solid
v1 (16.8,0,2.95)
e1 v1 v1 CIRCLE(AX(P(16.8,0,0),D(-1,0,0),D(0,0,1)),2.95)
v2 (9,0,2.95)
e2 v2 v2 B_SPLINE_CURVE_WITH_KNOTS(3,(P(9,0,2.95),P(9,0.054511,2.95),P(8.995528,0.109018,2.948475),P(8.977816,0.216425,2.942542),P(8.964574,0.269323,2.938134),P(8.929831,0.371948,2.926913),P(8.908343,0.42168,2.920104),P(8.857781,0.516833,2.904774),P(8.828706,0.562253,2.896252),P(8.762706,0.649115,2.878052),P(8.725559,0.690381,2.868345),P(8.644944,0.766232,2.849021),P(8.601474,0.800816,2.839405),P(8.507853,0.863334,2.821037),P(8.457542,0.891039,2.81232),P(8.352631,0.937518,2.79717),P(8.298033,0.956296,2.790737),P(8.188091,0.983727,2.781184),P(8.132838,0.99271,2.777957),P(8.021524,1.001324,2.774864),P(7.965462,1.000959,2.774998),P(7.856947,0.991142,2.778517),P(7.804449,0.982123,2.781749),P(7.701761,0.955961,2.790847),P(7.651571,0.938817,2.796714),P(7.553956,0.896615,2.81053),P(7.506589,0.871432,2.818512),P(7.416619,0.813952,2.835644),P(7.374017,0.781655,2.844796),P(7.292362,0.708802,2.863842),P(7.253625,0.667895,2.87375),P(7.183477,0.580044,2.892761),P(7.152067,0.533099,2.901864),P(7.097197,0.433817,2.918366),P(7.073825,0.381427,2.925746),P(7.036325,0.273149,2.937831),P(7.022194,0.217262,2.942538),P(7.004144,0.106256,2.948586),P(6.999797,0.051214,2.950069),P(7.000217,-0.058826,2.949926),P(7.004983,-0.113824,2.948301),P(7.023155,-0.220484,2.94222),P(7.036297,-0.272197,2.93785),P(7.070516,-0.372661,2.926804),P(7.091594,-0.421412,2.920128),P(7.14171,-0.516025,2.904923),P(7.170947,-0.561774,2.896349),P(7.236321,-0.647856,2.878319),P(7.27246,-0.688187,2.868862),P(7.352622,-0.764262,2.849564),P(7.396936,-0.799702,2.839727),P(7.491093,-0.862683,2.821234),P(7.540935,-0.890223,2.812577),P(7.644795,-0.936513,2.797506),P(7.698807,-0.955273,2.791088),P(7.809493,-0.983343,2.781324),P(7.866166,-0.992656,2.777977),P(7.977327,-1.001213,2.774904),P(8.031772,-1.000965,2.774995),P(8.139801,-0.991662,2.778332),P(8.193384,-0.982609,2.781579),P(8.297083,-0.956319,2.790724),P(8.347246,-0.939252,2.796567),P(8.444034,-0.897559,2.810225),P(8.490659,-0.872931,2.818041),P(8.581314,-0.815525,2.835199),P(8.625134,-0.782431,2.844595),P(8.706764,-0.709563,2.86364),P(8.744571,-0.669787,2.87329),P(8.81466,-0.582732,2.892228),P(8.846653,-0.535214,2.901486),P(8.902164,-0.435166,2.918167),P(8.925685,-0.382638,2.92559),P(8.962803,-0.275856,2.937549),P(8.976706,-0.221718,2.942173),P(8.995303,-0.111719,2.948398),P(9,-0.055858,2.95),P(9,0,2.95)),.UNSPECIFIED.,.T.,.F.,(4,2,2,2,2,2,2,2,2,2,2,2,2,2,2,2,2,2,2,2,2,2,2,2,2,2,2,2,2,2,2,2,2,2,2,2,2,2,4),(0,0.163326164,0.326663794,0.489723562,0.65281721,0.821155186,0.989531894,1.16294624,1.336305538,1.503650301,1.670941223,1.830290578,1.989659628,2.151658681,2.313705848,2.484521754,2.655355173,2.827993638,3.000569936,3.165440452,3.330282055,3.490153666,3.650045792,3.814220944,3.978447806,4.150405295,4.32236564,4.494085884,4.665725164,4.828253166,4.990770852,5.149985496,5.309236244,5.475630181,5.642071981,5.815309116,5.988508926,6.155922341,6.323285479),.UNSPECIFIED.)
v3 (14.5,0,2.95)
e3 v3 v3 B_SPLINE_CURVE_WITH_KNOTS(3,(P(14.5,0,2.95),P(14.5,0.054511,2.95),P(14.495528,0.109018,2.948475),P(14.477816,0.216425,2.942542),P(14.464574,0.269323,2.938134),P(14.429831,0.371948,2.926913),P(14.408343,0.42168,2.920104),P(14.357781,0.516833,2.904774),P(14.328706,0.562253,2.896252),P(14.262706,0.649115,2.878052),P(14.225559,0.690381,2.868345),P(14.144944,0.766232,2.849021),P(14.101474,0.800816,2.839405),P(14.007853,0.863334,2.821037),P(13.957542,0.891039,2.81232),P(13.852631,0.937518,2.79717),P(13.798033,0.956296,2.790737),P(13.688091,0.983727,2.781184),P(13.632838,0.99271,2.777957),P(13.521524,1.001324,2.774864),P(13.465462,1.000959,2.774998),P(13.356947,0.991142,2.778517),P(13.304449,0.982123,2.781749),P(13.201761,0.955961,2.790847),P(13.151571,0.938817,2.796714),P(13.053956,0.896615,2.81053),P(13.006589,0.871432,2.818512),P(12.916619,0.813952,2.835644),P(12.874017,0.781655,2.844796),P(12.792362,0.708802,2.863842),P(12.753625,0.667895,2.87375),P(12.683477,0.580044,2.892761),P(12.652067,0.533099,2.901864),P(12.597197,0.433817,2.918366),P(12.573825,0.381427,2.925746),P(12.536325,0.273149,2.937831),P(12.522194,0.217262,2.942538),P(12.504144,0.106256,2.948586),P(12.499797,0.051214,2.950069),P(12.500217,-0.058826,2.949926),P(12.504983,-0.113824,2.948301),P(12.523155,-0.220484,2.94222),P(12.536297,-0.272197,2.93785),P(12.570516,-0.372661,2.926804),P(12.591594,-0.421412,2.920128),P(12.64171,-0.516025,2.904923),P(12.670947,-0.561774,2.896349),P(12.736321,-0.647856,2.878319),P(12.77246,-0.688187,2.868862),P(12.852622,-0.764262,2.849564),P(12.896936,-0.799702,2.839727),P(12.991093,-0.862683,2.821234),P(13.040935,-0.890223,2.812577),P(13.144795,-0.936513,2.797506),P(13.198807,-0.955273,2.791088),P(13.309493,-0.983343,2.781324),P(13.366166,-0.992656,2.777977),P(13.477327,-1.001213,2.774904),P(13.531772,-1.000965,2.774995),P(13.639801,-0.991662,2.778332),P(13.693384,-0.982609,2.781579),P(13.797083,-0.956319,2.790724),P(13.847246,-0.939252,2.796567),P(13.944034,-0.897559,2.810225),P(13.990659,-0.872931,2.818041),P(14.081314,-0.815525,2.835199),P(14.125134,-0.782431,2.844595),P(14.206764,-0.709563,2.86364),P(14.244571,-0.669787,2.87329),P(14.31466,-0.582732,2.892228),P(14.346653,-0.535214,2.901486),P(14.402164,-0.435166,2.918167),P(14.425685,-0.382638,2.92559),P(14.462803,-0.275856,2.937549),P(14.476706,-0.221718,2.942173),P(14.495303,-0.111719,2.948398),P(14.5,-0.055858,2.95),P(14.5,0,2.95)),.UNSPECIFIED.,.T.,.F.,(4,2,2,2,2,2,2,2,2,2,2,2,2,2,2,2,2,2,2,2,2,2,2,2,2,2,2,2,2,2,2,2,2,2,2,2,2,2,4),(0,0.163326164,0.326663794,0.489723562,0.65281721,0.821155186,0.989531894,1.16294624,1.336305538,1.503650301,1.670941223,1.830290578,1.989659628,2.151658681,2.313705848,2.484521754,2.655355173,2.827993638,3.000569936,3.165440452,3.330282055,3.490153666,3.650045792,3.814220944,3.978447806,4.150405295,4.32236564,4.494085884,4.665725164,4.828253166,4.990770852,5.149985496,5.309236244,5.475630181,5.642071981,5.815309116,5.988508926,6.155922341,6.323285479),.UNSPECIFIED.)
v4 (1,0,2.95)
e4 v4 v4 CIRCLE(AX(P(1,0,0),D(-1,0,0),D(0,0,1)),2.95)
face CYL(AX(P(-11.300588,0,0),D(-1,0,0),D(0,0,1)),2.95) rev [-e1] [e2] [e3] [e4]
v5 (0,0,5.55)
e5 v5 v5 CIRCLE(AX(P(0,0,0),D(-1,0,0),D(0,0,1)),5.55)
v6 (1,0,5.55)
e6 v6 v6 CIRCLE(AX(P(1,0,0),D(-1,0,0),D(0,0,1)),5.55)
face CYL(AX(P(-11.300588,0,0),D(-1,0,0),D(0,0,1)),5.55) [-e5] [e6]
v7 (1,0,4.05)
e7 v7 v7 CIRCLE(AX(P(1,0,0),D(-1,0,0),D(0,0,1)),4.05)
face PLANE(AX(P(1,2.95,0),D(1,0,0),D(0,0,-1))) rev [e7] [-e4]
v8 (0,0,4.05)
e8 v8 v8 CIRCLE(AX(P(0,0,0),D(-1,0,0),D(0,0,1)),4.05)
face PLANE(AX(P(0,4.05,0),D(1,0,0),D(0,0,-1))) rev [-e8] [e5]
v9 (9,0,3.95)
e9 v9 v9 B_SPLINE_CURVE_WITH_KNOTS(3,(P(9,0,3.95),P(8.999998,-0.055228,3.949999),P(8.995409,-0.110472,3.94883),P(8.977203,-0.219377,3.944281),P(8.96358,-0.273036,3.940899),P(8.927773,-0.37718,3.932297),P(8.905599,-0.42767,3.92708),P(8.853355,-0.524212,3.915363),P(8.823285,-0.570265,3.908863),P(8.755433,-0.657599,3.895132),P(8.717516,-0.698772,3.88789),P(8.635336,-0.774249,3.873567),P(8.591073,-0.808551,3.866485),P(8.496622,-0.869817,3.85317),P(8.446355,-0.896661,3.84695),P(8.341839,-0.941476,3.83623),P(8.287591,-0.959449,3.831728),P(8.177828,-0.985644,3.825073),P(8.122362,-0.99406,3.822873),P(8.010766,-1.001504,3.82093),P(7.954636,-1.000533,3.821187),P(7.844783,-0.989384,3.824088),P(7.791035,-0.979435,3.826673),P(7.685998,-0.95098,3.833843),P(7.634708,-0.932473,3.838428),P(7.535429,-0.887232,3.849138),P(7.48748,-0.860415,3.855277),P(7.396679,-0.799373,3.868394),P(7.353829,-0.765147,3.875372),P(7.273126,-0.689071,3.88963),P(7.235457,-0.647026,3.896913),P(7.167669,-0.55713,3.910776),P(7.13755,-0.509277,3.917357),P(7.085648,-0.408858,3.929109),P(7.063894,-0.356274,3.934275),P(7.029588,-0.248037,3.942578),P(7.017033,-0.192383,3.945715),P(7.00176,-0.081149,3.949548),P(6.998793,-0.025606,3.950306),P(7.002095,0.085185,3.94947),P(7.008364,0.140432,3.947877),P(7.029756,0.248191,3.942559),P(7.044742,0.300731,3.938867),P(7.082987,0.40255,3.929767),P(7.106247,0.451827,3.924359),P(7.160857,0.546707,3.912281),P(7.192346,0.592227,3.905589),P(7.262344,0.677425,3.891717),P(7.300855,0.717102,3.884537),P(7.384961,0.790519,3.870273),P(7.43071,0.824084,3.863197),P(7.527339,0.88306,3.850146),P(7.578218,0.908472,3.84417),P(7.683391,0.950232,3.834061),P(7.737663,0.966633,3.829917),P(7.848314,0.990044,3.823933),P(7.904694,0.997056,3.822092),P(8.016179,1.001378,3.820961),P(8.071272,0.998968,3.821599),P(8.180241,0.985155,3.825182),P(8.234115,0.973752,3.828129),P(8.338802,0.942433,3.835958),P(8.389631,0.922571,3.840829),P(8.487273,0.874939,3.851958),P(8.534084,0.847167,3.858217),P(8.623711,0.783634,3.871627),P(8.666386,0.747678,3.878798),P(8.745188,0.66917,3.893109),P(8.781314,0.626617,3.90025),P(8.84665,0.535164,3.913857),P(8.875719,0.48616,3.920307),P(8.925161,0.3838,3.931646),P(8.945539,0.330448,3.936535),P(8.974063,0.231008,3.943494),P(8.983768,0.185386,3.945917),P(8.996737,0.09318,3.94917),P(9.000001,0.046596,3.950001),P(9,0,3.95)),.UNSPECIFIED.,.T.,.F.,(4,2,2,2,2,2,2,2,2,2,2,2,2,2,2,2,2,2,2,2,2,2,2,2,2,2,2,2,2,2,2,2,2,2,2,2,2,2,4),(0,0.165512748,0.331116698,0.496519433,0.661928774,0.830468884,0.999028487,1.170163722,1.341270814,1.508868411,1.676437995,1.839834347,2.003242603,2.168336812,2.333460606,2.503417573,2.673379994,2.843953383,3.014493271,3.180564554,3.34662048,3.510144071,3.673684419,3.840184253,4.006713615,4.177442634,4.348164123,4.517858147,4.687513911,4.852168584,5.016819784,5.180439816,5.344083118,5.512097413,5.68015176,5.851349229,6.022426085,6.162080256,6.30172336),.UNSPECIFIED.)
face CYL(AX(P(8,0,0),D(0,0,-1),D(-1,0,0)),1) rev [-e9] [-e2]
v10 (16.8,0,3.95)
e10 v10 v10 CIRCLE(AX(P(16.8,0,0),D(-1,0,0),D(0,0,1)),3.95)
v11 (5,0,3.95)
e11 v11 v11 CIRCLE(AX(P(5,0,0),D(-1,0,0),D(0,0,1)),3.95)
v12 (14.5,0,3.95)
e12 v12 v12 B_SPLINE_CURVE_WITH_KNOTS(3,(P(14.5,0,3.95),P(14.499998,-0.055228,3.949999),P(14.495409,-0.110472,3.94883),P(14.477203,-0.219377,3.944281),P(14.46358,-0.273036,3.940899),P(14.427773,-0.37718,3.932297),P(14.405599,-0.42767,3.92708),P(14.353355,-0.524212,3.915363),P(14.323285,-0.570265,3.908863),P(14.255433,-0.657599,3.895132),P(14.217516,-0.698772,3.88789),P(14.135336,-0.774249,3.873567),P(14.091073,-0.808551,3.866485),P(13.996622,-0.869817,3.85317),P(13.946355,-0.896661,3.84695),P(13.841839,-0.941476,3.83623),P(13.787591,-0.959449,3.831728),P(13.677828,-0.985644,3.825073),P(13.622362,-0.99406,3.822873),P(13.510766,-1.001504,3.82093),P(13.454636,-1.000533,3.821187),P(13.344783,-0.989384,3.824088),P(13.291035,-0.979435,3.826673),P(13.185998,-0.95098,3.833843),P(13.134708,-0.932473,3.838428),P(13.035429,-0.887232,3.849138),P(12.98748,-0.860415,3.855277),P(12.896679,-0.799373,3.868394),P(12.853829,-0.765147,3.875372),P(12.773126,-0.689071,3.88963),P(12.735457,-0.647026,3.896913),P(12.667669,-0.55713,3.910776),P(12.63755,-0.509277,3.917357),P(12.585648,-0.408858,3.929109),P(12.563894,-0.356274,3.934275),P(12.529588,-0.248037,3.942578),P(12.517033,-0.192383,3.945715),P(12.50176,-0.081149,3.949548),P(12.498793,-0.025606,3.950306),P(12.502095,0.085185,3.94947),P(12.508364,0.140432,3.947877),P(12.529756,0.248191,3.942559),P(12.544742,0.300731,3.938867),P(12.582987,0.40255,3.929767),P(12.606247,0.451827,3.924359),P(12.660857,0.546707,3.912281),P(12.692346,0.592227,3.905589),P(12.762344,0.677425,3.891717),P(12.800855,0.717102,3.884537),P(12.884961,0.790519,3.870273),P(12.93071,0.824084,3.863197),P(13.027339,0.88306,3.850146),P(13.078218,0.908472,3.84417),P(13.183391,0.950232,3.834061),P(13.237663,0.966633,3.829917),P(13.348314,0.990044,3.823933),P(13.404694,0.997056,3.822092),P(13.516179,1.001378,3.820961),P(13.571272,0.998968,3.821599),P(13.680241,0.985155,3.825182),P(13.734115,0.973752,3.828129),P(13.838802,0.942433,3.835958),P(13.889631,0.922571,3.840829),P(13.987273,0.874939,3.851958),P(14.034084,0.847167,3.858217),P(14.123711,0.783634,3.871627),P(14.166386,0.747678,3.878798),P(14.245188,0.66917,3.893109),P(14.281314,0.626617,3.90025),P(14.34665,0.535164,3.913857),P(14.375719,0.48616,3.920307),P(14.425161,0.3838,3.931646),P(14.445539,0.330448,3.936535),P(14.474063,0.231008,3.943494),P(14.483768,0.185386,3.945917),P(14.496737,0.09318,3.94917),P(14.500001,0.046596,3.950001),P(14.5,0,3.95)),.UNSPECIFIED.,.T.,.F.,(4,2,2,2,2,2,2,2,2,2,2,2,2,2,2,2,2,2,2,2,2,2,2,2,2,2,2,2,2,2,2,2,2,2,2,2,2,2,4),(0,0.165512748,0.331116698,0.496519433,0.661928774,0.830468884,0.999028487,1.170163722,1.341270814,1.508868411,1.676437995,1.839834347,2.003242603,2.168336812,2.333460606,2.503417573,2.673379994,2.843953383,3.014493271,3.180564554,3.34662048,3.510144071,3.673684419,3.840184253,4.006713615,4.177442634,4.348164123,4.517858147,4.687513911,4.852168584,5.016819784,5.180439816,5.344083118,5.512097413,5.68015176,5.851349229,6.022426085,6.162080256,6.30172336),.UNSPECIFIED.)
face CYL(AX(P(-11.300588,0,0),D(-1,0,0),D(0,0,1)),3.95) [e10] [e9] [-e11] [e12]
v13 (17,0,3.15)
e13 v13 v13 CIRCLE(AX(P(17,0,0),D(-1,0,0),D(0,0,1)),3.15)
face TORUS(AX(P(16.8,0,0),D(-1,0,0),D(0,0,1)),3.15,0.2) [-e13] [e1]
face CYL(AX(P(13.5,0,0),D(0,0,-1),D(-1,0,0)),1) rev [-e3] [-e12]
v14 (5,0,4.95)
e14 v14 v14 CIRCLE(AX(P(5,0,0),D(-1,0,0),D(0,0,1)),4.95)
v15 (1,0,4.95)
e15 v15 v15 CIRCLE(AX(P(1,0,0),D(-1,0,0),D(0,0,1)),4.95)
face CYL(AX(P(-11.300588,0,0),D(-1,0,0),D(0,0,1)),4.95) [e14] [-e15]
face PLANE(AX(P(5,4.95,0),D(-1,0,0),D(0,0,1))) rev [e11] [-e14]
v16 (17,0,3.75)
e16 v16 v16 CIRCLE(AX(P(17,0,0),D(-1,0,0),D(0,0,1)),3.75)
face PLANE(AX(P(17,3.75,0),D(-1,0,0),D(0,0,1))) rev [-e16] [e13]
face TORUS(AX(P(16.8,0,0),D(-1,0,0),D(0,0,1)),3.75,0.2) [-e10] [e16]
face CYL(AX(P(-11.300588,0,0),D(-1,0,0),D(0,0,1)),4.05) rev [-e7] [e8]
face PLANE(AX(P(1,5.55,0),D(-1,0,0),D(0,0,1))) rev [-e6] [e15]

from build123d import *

# Parameters (mm, degrees)
ESQUISSE4_W               = 1
ESQUISSE4_H               = 5.55
D_GAGEMENT_M21_AT_2_COUNT = 2
D_GAGEMENT_M21_AT_2_PITCH = 5.5


with BuildPart() as part:
    # Esquisse1 → Révolution1 (revolve)
    with BuildSketch(Plane.XY):
        with BuildLine():
            Line((0, 4.05), (0, 5.55))
            Line((0, 5.55), (1, 5.55))
            Line((1, 5.55), (1, 4.95))
            Line((1, 4.95), (5, 4.95))
            Line((5, 4.95), (5, 3.95))
            Line((5, 3.95), (16.8, 3.95))
            ThreePointArc((16.8, 3.95), (16.941421356, 3.891421356), (17, 3.75))
            Line((17, 3.75), (17, 3.15))
            ThreePointArc((17, 3.15), (16.941421356, 3.008578644), (16.8, 2.95))
            Line((16.8, 2.95), (1, 2.95))
            Line((1, 2.95), (1, 4.05))
            Line((1, 4.05), (0, 4.05))
        make_face()
    revolve(axis=Axis((-11.300588411, 0, 0), (1, 0, 0)))

    # Esquisse4 → Dégagement M21 (revolve, cut)
    with BuildSketch(Plane.YZ.offset(8)):
        with Locations((0.5, 2.775)):
            Rectangle(ESQUISSE4_W, ESQUISSE4_H)
    d_gagement_m21 = revolve(axis=Axis((8, 0, -6.35), (0, 0, 1)), mode=Mode.SUBTRACT)

    # Dégagement M21 at 2: Dégagement M21 ×2
    with Locations(*[(i * D_GAGEMENT_M21_AT_2_PITCH, 0, 0) for i in range(1, D_GAGEMENT_M21_AT_2_COUNT)]):
        add(d_gagement_m21, mode=Mode.SUBTRACT)


solid = part.part
